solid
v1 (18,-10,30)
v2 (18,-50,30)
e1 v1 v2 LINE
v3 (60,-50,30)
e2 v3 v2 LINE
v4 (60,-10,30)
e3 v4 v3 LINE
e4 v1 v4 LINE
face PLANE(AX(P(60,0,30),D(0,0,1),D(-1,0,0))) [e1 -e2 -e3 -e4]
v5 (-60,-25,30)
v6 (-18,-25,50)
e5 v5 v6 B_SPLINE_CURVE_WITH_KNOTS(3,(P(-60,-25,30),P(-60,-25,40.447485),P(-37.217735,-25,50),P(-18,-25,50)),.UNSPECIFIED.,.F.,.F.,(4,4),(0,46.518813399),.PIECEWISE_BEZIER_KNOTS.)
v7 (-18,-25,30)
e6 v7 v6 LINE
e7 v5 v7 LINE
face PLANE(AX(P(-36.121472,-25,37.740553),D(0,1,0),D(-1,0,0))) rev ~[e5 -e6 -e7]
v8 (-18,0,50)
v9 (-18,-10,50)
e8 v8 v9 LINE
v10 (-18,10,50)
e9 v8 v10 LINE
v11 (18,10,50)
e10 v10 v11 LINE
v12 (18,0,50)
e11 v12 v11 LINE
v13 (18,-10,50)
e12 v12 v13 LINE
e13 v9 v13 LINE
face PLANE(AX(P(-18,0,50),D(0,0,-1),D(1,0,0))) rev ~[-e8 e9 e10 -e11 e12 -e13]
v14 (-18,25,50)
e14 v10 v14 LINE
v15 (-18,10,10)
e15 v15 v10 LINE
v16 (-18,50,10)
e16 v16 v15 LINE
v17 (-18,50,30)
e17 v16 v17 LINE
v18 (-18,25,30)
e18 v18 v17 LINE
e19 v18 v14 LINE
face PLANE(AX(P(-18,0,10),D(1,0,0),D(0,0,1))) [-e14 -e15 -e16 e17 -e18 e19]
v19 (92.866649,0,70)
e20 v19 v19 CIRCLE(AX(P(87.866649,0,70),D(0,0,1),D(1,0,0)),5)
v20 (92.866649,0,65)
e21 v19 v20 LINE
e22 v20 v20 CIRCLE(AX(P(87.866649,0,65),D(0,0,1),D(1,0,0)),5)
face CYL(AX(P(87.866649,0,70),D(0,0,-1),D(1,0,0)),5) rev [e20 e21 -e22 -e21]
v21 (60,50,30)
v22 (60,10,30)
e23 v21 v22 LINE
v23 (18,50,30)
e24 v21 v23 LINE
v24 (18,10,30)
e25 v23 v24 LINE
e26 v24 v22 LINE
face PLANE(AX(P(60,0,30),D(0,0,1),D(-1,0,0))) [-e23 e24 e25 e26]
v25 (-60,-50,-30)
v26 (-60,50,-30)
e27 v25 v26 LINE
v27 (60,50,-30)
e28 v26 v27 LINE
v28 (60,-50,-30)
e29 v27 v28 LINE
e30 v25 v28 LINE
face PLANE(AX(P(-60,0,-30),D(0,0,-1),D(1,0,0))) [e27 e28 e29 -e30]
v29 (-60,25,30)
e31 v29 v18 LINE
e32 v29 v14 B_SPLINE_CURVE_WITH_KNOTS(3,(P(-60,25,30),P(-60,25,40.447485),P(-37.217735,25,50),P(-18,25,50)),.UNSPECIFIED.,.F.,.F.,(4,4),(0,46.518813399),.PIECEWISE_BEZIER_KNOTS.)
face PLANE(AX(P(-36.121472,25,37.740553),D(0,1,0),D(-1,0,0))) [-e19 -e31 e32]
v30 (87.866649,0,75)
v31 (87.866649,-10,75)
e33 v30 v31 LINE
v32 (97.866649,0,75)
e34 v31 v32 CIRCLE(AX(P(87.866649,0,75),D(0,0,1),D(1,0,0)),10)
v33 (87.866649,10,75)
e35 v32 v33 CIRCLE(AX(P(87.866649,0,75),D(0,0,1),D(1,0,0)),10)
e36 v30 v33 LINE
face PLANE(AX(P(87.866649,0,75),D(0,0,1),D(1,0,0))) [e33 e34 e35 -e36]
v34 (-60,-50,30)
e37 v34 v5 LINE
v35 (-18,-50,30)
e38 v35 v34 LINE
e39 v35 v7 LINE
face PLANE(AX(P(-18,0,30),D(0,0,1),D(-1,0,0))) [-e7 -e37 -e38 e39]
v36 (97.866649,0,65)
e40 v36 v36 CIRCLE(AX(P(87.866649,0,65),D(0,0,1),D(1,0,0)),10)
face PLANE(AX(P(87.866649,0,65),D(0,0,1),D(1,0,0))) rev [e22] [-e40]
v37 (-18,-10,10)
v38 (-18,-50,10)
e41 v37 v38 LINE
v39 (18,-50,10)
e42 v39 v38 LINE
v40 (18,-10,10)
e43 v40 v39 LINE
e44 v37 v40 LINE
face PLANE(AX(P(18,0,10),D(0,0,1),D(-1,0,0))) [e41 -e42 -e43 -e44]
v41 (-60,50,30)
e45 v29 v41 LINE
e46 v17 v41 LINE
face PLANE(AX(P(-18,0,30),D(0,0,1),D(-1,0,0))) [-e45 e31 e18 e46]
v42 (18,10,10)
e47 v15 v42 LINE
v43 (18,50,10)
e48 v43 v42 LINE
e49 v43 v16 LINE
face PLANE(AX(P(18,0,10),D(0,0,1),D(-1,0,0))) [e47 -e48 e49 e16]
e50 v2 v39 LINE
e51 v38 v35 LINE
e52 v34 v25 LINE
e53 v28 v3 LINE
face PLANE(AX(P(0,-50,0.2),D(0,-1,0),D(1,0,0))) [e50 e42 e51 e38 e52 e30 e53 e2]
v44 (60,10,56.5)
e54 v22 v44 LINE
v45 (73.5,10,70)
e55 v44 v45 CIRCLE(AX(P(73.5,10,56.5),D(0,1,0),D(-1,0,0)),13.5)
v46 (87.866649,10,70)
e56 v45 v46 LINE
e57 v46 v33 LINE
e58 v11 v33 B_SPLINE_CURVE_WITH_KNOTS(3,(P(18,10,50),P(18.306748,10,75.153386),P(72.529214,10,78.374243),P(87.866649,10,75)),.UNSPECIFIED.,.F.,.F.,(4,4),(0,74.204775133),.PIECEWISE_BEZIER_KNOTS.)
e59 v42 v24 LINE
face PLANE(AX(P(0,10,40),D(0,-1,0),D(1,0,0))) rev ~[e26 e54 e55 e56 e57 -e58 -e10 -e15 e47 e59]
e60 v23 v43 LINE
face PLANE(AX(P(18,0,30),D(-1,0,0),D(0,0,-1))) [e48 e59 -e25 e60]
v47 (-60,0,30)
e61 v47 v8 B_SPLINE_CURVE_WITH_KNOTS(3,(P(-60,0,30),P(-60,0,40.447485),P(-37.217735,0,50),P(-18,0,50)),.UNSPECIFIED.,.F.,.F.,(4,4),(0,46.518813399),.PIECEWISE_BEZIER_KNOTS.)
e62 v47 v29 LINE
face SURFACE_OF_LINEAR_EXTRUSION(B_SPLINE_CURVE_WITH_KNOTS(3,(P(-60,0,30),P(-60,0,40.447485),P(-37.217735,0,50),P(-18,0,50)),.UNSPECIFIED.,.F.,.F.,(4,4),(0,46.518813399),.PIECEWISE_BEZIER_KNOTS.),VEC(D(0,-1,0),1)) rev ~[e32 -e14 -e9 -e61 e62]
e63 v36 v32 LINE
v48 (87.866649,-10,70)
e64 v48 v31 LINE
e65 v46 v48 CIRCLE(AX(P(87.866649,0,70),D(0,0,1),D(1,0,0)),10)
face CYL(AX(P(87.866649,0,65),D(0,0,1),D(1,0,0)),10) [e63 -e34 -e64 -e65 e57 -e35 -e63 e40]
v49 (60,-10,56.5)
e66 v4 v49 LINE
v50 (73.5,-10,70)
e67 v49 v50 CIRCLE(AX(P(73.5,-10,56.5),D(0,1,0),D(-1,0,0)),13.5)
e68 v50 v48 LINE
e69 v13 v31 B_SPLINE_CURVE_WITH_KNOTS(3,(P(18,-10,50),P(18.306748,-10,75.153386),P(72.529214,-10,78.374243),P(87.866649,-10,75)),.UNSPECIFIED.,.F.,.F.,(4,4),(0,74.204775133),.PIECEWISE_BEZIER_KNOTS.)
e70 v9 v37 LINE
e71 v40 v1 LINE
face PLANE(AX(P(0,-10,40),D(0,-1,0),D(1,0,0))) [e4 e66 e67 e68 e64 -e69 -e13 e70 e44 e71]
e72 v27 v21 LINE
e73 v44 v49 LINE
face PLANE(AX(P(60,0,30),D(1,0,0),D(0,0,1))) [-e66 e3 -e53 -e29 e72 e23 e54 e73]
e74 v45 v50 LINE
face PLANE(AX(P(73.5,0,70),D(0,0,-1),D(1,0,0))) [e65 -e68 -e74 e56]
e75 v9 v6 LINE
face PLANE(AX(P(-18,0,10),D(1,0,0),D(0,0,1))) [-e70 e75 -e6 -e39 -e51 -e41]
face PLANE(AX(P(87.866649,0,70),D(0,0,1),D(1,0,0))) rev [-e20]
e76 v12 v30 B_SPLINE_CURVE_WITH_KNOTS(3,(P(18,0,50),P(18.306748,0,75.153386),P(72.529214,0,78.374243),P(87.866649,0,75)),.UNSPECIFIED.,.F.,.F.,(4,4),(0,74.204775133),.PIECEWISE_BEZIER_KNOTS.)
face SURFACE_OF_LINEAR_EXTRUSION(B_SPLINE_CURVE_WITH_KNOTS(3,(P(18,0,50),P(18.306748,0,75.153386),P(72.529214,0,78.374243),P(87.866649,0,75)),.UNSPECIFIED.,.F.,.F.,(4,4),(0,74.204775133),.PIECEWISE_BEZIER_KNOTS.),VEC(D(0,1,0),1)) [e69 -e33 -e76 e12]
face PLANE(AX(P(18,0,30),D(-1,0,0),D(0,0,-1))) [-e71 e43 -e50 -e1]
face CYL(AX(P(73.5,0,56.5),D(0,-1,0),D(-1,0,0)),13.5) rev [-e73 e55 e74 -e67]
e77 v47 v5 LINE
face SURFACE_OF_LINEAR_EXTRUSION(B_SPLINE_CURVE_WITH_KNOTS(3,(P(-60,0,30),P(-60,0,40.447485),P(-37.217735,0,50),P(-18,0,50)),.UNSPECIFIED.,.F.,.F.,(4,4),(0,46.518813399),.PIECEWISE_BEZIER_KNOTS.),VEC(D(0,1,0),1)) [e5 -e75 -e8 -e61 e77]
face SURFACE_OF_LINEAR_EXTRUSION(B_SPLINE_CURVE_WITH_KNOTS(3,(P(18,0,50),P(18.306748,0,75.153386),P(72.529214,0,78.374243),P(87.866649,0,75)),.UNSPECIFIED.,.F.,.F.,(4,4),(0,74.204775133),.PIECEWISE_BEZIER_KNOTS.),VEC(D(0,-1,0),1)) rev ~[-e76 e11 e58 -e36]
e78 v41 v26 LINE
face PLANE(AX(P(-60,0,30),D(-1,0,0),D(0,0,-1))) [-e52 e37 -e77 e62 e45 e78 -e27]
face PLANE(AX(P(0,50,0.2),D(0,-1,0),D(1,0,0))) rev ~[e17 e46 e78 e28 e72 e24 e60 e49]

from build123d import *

# Parameters (mm, degrees)
F1_DEPTH = 50
F2_DEPTH = 25
F0_W     = 36
F0_H     = 20
F3_DEPTH = 10
F4_DEPTH = 10


with BuildPart() as f1:
    # F0 (on Front) → F1 (new body, symmetric)
    with BuildSketch(Plane.XZ):
        Polygon((-60, -30), (60, -30), (60, 30), (18, 30), (18, 10), (-18, 10), (-18, 30), (-60, 30), align=None)
    extrude(amount=F1_DEPTH, both=True)

    # F0 (on Front) → F2 (join, symmetric)
    with BuildSketch(Plane.XZ):
        with BuildLine():
            add(Edge.make_bspline(
                [(-60, 30), (-60, 40.4474846921), (-37.2177352662, 50), (-18, 50)],
                knots=[0, 0, 0, 0, 46.5188133985, 46.5188133985, 46.5188133985, 46.5188133985], degree=3))
            Line((-60, 30), (-18, 30))
            Line((-18, 30), (-18, 50))
        make_face()
    extrude(amount=F2_DEPTH, both=True)

    # F0 (on Front) → F3 (join, symmetric)
    with BuildSketch(Plane.XZ):
        with Locations((0, 20)):
            Rectangle(F0_W, F0_H)
    extrude(amount=F3_DEPTH, both=True)

    # F0 (on Front) → F4 (join, symmetric)
    with BuildSketch(Plane.XZ):
        with Locations((0, 40)):
            Rectangle(F0_W, F0_H)
        with BuildLine():
            Line((18, 30), (60, 30))
            Line((60, 30), (60, 56.5))
            ThreePointArc((60, 56.5), (63.954058454, 66.045941546), (73.5, 70))
            Line((73.5, 70), (87.8666490715, 70))
            Line((87.8666490715, 70), (87.8666490715, 75))
            add(Edge.make_bspline(
                [(18, 50), (18.3067479085, 75.1533858136), (72.5292141174, 78.3742428055), (87.8666490715, 75)],
                knots=[0, 0, 0, 0, 74.2047751326, 74.2047751326, 74.2047751326, 74.2047751326], degree=3))
            Line((18, 50), (18, 30))
        make_face()
    extrude(amount=F4_DEPTH, both=True)

    # F0 (on Front) → F5 (revolve)
    with BuildSketch(Plane.XZ):
        Polygon((97.8666490715, 75), (87.8666490715, 75), (87.8666490715, 70), (92.8666490715, 70), (92.8666490715, 65), (97.8666490715, 65), align=None)
    revolve(axis=Axis((87.8666490715, 0, 70), (0, 0, 1)))


solid = f1.part
